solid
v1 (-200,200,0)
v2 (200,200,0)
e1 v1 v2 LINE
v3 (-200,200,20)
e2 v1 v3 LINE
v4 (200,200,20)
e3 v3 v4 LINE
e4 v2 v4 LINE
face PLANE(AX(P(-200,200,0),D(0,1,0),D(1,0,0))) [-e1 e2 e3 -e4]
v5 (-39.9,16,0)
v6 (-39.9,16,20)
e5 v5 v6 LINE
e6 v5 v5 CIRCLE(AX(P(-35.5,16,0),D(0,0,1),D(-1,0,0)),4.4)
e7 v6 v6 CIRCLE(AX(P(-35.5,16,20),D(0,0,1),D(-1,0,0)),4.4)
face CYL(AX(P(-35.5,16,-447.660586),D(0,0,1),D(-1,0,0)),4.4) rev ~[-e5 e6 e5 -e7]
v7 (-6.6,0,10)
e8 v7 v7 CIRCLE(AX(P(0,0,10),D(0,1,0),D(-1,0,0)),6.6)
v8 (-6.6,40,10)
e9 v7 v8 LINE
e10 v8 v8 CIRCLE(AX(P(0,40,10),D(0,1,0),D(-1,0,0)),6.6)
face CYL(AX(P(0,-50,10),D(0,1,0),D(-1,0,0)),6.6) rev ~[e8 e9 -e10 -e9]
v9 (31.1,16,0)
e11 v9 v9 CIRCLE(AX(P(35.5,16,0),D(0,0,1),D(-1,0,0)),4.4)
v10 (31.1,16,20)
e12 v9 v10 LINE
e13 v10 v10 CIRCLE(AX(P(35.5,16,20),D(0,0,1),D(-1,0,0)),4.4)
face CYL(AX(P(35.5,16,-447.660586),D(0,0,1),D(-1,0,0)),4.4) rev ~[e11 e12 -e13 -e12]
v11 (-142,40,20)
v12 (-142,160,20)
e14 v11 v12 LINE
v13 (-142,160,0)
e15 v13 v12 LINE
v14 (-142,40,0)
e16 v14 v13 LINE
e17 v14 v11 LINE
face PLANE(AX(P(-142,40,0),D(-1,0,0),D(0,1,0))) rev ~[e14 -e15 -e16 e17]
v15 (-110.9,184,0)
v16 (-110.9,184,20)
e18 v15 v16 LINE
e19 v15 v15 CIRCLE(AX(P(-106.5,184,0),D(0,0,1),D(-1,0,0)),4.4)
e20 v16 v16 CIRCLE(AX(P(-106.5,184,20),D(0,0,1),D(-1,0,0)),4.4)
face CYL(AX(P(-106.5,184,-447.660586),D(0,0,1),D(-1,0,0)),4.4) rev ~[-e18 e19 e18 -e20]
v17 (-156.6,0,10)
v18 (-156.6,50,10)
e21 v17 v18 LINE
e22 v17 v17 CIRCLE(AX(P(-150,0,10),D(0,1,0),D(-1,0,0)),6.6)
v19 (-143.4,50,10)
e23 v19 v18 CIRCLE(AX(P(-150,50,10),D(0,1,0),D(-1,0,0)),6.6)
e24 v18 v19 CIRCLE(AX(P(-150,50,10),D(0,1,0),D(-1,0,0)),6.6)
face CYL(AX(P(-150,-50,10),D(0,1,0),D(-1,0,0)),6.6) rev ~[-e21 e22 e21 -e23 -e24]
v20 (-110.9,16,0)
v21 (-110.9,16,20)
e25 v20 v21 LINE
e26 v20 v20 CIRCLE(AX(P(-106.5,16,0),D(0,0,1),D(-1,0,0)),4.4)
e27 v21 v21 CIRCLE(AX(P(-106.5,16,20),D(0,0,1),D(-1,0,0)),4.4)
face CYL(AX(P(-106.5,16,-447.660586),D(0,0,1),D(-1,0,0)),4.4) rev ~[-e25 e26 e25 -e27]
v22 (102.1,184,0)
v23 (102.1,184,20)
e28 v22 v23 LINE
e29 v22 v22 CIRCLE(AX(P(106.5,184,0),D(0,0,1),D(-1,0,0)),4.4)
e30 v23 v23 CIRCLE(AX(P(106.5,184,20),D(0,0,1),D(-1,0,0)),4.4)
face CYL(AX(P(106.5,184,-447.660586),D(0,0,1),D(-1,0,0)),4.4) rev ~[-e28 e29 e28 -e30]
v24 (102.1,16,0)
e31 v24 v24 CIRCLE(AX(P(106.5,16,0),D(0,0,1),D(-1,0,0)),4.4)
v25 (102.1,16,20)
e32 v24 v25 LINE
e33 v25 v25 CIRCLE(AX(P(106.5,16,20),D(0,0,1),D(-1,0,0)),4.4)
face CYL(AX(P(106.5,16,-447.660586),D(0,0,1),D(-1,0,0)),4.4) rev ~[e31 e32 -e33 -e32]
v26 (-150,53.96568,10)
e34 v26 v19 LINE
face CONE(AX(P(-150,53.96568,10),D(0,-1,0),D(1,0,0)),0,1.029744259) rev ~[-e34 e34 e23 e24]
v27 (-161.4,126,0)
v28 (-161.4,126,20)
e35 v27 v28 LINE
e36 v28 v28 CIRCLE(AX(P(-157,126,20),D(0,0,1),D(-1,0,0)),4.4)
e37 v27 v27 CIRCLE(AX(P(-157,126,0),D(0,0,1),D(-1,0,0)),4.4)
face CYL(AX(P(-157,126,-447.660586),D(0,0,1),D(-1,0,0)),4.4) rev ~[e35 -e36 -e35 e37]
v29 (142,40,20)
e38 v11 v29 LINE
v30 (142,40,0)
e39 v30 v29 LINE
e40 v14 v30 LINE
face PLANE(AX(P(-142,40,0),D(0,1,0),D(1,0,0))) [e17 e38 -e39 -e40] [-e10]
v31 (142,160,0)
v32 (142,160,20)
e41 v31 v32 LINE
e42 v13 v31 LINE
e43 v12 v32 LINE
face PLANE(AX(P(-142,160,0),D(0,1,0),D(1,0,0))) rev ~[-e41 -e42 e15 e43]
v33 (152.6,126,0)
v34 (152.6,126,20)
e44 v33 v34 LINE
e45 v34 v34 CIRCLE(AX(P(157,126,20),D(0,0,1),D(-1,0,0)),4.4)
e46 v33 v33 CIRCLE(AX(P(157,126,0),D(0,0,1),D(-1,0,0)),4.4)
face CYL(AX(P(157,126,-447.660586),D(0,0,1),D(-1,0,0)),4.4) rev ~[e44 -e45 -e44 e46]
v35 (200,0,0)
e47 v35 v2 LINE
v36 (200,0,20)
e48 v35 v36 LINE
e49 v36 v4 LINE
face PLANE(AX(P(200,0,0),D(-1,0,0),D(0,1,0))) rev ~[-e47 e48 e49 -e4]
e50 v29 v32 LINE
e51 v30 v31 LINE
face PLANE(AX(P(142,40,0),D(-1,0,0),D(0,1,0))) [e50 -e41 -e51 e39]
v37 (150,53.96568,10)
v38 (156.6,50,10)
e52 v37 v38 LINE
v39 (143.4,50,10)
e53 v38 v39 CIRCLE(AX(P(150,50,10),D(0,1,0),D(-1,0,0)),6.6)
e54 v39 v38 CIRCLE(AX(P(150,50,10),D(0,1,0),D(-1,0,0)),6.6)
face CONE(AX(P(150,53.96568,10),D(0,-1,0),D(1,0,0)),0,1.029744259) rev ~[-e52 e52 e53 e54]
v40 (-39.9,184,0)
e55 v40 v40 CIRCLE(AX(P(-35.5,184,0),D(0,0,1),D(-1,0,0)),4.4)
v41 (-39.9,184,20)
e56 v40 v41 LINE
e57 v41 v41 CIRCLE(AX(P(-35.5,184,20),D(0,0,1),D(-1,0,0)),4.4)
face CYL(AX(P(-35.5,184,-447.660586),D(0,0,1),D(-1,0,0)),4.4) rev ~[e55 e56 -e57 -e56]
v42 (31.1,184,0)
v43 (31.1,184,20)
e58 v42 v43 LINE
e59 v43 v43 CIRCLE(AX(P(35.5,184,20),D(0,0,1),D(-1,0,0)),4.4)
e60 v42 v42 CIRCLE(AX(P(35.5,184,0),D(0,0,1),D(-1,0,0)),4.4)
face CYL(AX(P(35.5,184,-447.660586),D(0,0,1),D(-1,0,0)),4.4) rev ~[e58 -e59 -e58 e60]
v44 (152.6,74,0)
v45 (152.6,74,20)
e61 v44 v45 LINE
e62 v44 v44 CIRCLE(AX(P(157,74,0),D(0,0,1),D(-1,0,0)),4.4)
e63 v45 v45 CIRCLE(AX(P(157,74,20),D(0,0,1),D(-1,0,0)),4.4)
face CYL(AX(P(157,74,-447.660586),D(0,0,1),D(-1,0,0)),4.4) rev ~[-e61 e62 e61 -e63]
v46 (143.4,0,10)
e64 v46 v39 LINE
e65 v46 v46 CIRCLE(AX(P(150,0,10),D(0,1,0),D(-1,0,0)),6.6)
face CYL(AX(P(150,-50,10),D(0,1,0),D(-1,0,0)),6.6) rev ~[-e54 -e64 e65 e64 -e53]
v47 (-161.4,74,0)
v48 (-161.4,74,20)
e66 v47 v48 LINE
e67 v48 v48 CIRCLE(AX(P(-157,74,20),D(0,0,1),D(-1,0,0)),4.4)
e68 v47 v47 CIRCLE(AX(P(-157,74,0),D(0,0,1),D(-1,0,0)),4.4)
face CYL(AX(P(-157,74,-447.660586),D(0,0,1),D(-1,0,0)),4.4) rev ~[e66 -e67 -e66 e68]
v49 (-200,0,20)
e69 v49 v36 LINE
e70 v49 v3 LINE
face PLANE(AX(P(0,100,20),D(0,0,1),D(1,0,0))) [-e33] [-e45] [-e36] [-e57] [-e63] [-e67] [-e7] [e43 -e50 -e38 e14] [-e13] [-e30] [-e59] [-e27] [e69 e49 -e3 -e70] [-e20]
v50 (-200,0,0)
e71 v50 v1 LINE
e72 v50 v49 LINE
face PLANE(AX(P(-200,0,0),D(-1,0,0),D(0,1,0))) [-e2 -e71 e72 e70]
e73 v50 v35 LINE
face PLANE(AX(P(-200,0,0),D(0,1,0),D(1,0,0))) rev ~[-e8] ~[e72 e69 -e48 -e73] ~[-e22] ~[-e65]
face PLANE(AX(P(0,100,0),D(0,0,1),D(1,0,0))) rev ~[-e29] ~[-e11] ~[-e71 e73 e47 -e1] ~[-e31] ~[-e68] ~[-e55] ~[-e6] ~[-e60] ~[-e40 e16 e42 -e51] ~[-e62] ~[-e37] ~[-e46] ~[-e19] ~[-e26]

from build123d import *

# Parameters (mm, degrees)
F0_W     = 400
F0_H     = 200
F0_W_2   = 284
F0_H_2   = 120
F1_DEPTH = 20
F2_D     = 8.8
F4_D     = 13.2
F4_DEPTH = 50
F4_TIP   = 3.9656800856


with BuildPart() as f1:
    # F0 (on Top) → F1 (new body)
    with BuildSketch(Plane.XY):
        with Locations((0, 100)):
            Rectangle(F0_W, F0_H)
        with Locations((0, 100)):
            Rectangle(F0_W_2, F0_H_2, mode=Mode.SUBTRACT)
    extrude(amount=F1_DEPTH)

    # F2 (through all)
    with Locations(Plane(origin=(0, 0, 0), x_dir=(1, 0, 0), z_dir=(0, 0, -1))):
        with Locations((-157, -126), (-157, -74), (-106.5, -16), (-35.5, -16), (35.5, -16), (106.5, -16), (157, -74), (157, -126), (106.5, -184), (35.5, -184), (-35.5, -184), (-106.5, -184)):
            Hole(F2_D / 2)

    # F4
    with Locations(Plane.XZ):
        with Locations((-150, 10), (150, 10), (0, 10)):
            Hole(F4_D / 2, depth=F4_DEPTH)
            with Locations((0, 0, -(F4_DEPTH + F4_TIP / 2))):  # 118° drill point
                Cone(0, F4_D / 2, F4_TIP, mode=Mode.SUBTRACT)


solid = f1.part
